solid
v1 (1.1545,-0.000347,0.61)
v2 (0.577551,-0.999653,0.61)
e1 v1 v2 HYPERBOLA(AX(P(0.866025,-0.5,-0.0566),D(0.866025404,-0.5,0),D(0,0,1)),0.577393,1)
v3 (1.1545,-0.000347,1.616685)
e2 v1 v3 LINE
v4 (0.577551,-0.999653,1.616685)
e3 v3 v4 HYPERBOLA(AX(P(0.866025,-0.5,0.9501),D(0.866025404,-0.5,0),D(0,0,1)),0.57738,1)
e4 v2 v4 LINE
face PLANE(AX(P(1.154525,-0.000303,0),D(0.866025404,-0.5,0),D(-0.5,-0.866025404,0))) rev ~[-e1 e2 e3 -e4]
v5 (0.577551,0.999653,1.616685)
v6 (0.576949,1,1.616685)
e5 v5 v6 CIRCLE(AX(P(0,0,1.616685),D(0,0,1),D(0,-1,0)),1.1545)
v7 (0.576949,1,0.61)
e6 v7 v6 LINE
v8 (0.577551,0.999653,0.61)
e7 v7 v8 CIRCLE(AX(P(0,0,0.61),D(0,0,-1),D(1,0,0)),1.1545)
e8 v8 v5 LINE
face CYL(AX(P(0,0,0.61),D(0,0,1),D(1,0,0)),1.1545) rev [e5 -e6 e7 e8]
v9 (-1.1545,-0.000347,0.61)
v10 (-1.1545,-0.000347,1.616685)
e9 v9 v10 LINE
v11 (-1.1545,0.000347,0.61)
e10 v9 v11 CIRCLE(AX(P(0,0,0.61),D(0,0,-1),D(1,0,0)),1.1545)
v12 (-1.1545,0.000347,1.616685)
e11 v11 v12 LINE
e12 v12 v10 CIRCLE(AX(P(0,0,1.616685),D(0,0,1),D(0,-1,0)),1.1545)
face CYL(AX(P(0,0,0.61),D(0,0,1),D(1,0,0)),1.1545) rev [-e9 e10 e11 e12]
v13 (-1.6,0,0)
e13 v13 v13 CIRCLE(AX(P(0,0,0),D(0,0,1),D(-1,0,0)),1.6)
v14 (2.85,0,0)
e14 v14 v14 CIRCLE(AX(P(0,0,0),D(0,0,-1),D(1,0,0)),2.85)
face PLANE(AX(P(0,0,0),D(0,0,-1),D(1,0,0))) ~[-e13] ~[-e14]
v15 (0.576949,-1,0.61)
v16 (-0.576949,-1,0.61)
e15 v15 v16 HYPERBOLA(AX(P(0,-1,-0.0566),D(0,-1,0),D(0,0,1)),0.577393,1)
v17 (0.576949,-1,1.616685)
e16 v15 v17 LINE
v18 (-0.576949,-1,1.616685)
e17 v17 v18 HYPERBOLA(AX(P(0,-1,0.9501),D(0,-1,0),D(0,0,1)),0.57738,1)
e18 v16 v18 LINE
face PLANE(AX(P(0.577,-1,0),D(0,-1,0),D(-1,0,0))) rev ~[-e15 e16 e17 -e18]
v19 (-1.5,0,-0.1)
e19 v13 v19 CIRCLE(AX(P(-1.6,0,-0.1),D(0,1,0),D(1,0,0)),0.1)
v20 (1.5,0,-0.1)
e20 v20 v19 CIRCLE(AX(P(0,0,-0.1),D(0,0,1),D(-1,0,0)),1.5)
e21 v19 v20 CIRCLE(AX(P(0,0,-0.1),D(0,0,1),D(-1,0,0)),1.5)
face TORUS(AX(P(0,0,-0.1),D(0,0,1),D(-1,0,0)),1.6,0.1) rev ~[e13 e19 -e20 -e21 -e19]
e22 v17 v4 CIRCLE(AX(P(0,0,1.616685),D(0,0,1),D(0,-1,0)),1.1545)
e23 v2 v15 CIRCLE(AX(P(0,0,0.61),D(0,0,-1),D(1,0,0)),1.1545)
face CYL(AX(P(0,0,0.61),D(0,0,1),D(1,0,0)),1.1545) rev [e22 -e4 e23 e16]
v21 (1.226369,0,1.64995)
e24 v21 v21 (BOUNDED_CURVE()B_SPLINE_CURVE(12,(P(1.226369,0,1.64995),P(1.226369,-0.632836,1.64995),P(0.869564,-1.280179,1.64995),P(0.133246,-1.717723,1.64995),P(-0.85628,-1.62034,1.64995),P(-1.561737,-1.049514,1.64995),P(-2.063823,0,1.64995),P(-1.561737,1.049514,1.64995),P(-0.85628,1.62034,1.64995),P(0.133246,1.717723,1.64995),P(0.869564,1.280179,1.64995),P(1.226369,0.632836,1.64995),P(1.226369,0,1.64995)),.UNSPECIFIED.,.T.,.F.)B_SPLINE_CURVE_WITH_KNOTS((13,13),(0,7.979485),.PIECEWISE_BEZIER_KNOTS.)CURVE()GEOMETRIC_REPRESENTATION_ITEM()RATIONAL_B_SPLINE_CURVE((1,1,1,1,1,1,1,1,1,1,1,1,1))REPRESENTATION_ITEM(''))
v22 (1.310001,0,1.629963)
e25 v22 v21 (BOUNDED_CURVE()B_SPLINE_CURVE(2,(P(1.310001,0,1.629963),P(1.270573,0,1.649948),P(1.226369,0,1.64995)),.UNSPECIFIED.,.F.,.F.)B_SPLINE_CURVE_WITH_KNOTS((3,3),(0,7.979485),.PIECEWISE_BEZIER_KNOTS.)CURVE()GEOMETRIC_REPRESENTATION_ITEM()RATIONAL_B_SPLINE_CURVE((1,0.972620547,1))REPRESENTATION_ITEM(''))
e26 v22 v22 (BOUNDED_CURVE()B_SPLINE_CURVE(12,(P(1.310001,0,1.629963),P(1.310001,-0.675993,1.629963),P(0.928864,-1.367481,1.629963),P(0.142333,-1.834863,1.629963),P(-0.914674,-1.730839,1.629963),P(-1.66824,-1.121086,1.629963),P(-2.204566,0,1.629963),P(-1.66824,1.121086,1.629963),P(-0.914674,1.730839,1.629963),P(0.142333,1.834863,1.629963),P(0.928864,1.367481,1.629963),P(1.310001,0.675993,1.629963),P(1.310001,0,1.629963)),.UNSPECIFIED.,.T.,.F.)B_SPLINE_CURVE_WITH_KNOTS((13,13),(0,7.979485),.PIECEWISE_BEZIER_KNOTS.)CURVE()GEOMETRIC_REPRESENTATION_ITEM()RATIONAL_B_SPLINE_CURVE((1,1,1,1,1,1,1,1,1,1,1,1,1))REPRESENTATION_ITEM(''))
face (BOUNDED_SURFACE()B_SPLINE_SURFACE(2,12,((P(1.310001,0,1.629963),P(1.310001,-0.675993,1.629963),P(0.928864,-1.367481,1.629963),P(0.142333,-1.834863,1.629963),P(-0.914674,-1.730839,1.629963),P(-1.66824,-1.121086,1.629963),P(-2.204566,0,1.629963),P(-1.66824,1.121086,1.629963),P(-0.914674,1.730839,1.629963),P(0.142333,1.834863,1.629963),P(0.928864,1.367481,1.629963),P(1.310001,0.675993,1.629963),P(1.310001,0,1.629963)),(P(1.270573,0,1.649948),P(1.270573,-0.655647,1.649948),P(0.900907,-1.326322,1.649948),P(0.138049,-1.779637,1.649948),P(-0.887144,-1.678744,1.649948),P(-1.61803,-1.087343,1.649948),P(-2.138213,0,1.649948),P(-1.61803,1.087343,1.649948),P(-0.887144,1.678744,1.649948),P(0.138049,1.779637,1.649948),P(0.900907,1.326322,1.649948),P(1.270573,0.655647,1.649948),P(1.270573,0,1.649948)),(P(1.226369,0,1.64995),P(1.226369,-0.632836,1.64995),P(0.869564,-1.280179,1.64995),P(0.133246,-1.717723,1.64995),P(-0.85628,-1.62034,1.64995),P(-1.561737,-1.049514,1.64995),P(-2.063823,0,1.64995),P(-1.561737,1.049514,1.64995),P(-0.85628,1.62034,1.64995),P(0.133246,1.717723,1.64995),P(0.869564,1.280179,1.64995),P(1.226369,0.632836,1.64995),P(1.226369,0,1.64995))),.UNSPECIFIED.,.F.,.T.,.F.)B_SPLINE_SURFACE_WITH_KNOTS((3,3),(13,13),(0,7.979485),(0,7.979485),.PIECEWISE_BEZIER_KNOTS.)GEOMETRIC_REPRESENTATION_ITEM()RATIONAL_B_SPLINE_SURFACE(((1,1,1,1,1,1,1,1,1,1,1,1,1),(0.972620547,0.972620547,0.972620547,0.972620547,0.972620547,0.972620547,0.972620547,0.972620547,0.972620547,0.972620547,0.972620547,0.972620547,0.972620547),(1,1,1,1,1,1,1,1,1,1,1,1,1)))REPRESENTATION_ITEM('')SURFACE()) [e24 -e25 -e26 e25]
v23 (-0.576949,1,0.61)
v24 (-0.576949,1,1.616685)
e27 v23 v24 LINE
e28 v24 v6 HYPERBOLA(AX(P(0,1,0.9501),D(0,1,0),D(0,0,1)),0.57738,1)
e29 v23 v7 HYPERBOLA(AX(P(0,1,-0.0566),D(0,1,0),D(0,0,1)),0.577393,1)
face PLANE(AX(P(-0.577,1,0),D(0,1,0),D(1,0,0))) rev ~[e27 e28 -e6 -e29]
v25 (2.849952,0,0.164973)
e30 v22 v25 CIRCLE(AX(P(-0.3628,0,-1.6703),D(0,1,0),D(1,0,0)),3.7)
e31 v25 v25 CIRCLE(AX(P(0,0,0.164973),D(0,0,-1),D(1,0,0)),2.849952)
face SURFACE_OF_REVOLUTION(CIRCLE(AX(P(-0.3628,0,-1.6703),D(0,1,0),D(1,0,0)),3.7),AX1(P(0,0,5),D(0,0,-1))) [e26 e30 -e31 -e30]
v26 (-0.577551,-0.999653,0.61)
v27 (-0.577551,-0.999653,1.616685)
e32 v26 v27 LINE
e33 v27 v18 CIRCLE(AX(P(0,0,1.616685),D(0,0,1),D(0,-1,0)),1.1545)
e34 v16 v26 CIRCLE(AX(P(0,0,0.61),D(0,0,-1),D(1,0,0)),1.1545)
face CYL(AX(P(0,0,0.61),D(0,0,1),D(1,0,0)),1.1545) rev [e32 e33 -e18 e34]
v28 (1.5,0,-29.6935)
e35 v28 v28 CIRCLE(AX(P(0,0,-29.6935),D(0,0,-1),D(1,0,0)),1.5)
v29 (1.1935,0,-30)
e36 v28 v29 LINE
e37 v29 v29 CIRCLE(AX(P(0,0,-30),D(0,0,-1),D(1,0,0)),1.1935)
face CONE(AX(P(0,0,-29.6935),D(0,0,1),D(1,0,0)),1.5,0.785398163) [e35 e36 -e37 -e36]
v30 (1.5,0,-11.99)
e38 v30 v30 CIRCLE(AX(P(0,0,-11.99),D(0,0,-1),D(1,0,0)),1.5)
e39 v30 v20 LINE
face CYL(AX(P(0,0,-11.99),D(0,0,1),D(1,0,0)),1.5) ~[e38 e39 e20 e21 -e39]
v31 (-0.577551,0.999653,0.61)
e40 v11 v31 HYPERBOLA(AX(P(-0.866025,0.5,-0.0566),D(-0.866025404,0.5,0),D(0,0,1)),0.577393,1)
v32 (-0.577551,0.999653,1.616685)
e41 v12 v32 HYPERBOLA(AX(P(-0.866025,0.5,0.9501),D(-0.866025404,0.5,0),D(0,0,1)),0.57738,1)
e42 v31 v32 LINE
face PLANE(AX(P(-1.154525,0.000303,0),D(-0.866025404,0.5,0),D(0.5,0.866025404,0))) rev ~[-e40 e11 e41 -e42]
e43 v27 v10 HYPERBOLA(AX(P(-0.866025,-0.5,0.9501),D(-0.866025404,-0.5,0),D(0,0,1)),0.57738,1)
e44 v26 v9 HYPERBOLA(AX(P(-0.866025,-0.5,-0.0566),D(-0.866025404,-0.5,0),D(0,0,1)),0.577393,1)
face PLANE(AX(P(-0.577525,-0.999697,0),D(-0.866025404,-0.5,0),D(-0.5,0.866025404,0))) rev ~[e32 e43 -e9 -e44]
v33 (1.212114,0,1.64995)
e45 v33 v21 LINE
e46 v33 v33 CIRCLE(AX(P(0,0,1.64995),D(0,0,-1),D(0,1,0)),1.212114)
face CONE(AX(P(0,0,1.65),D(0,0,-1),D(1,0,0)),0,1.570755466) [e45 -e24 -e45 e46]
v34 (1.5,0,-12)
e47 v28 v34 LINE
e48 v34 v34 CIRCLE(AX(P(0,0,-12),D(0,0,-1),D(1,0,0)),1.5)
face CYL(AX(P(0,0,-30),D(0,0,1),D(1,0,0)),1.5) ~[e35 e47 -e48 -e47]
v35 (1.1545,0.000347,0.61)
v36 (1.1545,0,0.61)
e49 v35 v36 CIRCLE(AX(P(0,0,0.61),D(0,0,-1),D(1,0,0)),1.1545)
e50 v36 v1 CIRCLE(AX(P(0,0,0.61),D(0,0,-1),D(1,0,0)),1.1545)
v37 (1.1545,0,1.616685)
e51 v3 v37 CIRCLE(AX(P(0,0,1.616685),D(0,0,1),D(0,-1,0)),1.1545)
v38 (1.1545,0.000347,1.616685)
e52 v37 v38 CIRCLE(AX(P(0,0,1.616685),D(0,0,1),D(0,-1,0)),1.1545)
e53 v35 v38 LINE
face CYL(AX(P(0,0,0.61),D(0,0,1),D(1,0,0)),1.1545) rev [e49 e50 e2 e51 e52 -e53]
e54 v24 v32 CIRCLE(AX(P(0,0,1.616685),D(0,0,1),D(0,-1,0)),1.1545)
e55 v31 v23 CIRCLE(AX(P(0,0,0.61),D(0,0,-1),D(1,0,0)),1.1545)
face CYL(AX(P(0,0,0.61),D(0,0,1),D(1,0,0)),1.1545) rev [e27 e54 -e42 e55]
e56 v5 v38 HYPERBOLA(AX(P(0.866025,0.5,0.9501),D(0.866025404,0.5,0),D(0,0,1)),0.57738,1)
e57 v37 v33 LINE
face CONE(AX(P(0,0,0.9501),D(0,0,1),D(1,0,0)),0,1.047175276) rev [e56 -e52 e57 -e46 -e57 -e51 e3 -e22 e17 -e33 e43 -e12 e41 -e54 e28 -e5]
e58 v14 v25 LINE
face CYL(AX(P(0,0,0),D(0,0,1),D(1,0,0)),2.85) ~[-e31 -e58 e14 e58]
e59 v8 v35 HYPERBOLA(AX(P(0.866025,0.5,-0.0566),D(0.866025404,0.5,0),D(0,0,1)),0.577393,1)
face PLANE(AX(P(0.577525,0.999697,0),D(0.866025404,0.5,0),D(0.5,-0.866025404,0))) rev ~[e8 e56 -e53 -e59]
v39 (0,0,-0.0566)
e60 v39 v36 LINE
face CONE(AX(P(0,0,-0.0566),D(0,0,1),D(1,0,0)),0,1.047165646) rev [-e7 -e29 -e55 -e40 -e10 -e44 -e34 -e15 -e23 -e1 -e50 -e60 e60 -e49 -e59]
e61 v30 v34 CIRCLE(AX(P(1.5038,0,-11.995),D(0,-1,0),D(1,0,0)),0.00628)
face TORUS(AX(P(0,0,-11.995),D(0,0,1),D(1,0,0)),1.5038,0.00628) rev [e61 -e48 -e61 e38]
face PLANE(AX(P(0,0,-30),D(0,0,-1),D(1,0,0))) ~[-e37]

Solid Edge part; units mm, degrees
sketch "Sketch1" plane through (0, 0, 0) normal (0, -1, 0) x (1, 0, 0)
  line L0 (0, -30) -> (1.5, -30)
  line L1 (1.5, -30) -> (1.5, -12)
  arc A0 (1.5, -11.99) -> (1.5, -12) centre (1.5038, -11.995) ccw
  line L2 (1.5, -11.99) -> (1.5, 0)
  line L3 (1.5, 0) -> (2.85, 0)
  line L4 (2.85, 0) -> (2.85, 0.165)
  arc A1 (1.27, 1.65) -> (2.85, 0.165) centre (-0.3628, -1.6703) cw
  line L5 (0, 1.65) -> (1.27, 1.65)
  dimension "D1" = 18
  dimension "D2" = 1.5
  dimension "D3" = 1.27
  dimension "D4" = 2.85
  dimension "D5" = 0.165
  dimension "D6" = 1.65
  dimension "D7" = 3.7
  dimension "D8" = 30
  dimension "D9" = 0.01
  dimension "D10" = 0.0025
revolve "RevolvedProtrusion1" add sketch "Sketch1" angle 360 about axis through (0, 0, 5) along (0, 0, -1)
sketch "Sketch2" plane through (0, 0, 0) normal (0, -1, 0) x (1, 0, 0)
  line L0 (0, -0.0566) -> (1.1545, 0.61)
  line L1 (1.1545, 0.61) -> (1.1545, 1.65)
  line L2 (1.1545, 1.65) -> (0, 1.65)
  dimension "D1" = 1.1545
  dimension "D2" = 1.04
revolve "RevolvedCutout1" cut sketch "Sketch2" angle 360 about axis through (0, 0, 5.3) along (0, 0, -1)
sketch "Sketch3" plane through (0, 0, 0) normal (0, 0, -1) x (0, 1, 0)
  arc A0 (-1, 0.577) -> (-1, -0.577) centre (0, 0) ccw
  line L0 (-1, 0.577) -> (-1, -0.577)
  dimension "D1" = 1
extrude "Protrusion1" add sketch "Sketch3" against normal blind 1.65
pattern_circular "Pattern1" count 6 over 360 about axis through (0, 0, 0) along (0, 0, -1) of "Protrusion1"
fillet "Round_1" radius 0.185 1 edges at (-1.27, 0, 1.65)
sketch "Sketch4" plane through (0, 0, 0) normal (0, -1, 0) x (1, 0, 0)
  line L0 (0, 0.9501) -> (1.2122, 1.65)
  line L1 (1.2122, 1.65) -> (0, 1.65)
  dimension "D1" = 1.2122
revolve "RevolvedCutout2" cut sketch "Sketch4" angle 360 about axis through (0, 0, 5.3) along (0, 0, -1)
sketch "Sketch5" plane through (0, 0, 0) normal (0, -1, 0) x (1, 0, 0)
  line L0 (-1.5, 0) -> (-1.5, -0.1)
  line L1 (-1.6, 0) -> (-1.5, 0)
  arc A0 (-1.6, 0) -> (-1.5, -0.1) centre (-1.6, -0.1) cw
  dimension "D1" = 1.5
  dimension "D2" = 0.1
revolve "RevolvedProtrusion2" add sketch "Sketch5" angle 360 about axis through (0, 0, -0.5) along (0, 0, 1)
cosmetic_thread "Thread1" size "M3"
chamfer "Chamfer1" distance 0.3065 angle 45 1 edges at (-1.5, 0, -30)
properties material "Stahl"
